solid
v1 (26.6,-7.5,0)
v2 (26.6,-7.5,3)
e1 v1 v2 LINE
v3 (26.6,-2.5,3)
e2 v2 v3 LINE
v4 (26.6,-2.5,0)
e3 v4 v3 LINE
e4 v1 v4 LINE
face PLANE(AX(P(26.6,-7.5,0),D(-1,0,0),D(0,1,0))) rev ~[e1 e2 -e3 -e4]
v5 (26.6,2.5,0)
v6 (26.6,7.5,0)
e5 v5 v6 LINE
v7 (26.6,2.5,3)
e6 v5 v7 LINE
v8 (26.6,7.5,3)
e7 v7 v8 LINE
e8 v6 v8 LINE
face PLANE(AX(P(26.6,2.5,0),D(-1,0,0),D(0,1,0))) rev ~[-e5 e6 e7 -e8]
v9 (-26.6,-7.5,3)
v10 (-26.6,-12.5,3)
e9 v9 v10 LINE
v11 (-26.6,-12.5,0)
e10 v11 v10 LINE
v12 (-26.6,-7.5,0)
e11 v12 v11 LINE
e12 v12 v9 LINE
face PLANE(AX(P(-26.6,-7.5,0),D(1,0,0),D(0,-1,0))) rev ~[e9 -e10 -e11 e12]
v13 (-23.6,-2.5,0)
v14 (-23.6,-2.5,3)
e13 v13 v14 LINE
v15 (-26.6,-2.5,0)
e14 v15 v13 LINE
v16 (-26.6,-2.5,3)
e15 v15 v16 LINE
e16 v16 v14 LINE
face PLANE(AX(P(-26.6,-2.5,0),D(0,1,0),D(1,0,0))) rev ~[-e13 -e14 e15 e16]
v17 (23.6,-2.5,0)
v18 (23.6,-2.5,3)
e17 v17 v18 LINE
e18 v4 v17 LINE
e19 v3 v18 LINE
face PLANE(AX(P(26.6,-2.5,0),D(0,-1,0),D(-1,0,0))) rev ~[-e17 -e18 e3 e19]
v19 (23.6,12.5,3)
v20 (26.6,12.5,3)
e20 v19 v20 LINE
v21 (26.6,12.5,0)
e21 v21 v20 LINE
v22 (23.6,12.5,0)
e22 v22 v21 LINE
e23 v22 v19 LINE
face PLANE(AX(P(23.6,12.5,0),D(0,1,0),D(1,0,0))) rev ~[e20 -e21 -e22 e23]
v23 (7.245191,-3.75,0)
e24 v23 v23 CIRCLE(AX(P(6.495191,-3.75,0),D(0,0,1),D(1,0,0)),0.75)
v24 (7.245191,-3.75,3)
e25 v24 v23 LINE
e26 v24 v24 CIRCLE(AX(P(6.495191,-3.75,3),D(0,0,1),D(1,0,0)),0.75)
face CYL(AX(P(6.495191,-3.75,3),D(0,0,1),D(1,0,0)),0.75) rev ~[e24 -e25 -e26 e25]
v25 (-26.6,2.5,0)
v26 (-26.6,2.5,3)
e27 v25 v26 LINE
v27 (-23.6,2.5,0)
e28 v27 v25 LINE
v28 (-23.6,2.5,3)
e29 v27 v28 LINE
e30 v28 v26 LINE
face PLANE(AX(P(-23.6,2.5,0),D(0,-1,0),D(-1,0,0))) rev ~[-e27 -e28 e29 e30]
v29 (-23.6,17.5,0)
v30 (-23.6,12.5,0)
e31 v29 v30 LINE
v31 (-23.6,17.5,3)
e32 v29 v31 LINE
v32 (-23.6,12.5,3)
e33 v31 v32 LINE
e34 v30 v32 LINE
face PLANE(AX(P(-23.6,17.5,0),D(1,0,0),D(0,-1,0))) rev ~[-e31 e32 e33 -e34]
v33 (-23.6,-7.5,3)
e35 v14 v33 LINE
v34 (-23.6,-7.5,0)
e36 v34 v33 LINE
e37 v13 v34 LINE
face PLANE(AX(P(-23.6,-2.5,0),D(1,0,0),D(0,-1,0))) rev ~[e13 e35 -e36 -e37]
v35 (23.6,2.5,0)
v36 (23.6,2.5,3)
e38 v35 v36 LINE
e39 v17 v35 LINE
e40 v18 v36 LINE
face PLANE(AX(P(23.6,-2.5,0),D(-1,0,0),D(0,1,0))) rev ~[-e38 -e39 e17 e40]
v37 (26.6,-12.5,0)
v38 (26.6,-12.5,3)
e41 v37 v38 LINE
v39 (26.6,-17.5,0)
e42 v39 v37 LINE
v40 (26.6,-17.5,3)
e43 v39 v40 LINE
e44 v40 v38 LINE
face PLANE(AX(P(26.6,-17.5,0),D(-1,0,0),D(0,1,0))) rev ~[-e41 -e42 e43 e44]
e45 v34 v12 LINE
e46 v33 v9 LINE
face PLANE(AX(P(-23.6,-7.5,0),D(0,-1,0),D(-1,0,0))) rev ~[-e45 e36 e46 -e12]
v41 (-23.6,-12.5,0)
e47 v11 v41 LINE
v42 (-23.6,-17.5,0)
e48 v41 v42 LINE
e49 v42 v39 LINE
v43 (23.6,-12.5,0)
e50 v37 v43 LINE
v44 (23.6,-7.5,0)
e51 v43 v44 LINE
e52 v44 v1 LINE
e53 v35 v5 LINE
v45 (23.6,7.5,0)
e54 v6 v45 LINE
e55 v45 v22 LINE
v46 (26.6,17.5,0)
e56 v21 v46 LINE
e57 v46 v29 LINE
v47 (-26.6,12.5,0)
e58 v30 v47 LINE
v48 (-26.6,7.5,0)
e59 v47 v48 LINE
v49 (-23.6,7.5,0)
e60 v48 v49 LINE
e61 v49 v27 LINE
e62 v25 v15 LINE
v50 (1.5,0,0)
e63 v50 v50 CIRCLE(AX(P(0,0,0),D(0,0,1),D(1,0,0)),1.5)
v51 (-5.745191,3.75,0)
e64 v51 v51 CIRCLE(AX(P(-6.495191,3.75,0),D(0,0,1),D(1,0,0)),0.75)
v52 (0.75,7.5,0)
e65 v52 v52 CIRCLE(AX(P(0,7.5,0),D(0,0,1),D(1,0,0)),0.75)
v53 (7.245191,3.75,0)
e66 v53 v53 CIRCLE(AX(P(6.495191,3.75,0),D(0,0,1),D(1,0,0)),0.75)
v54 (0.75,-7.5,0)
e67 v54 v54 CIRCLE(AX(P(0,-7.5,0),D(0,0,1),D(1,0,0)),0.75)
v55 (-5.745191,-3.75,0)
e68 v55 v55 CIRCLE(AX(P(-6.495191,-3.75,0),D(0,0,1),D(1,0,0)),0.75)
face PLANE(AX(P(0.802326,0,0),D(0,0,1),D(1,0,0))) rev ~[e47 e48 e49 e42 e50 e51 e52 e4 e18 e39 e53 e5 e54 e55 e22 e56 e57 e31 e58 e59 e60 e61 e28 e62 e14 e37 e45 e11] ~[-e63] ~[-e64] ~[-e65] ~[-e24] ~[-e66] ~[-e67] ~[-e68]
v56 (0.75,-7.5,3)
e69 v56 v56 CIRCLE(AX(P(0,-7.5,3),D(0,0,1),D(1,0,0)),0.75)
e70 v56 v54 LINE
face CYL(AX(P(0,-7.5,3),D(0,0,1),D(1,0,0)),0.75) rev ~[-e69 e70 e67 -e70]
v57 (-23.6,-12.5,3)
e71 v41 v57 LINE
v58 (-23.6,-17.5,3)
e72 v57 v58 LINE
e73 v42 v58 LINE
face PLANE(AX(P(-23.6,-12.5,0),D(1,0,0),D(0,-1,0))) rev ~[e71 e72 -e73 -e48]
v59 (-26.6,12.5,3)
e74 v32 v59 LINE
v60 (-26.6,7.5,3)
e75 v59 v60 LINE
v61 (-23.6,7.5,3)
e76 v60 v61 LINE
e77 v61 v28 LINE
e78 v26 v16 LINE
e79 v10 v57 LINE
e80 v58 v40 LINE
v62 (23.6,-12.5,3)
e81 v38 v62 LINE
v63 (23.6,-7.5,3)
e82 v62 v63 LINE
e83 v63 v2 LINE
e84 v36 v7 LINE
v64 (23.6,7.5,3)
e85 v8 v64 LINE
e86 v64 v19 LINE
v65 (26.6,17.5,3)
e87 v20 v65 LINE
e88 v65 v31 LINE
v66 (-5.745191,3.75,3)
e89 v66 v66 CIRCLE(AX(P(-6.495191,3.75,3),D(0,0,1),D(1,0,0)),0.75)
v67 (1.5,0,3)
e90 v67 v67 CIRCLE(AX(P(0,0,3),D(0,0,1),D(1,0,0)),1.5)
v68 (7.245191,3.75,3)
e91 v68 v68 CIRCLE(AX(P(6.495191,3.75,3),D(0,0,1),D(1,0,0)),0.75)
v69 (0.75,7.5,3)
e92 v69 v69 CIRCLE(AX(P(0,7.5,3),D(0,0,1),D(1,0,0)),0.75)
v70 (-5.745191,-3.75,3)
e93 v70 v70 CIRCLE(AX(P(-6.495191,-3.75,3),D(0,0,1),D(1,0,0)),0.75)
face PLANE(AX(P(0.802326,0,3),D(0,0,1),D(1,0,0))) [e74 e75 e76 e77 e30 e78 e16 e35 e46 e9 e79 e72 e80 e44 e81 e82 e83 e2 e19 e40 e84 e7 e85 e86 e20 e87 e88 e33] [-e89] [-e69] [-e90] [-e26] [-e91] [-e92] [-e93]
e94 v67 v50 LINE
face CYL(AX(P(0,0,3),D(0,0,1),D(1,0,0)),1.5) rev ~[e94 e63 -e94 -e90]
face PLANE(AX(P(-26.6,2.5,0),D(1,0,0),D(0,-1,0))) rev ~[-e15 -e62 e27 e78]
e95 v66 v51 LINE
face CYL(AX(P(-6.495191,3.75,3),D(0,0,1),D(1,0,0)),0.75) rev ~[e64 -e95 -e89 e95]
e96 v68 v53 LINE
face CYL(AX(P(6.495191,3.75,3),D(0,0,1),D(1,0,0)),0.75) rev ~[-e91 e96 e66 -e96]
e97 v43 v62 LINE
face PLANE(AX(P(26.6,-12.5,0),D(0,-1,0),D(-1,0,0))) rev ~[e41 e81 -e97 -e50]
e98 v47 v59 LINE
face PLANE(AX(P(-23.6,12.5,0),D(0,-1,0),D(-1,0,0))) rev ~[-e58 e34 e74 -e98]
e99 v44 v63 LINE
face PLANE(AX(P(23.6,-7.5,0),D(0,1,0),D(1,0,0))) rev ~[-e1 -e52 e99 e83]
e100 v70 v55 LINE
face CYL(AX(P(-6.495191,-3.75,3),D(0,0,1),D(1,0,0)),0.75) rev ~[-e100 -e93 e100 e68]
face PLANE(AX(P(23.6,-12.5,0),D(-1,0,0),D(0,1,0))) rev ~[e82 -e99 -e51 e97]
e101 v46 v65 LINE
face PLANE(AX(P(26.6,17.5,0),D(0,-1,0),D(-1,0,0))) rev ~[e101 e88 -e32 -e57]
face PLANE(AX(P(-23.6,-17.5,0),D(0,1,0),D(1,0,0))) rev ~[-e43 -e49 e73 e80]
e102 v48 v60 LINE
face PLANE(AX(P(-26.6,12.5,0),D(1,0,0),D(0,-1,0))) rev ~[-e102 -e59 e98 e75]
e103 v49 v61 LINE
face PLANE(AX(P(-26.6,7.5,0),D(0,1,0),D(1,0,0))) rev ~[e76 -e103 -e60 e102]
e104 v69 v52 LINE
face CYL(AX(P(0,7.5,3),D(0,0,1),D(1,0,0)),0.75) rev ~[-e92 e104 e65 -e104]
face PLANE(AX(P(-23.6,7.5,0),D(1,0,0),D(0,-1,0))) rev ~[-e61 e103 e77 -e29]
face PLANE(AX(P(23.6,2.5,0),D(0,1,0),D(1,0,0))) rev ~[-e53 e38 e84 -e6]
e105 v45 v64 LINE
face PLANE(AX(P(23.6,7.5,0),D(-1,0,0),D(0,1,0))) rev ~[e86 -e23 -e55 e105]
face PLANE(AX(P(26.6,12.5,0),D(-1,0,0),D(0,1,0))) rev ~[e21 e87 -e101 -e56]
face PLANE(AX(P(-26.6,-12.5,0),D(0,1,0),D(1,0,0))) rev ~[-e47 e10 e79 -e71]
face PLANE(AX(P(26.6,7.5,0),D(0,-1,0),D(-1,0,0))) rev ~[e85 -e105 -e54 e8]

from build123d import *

# Parameters (mm, degrees)
SALIENTE_EXTRUIR1_DEPTH = 3
CORTAR_EXTRUIR1_REACH   = 33.981
CROQUIS2_R              = 0.75
CROQUIS2_R_2            = 1.5


with BuildPart() as part:
    # Croquis1 → Saliente-Extruir1 (new body)
    with BuildSketch(Plane.XY):
        Polygon((26.6, 2.5), (26.6, 7.5), (23.6, 7.5), (23.6, 12.5), (26.6, 12.5), (26.6, 17.5), (26.581338058, 17.5), (-23.6, 17.5), (-23.6, 12.5), (-26.6, 12.5), (-26.6, 7.5), (-23.6, 7.5), (-23.6, 2.5), (-26.6, 2.5), (-26.6, -2.5), (-23.6, -2.5), (-23.6, -7.5), (-26.6, -7.5), (-26.6, -12.5), (-23.6, -12.5), (-23.6, -17.5), (26.6, -17.5), (26.6, -12.5), (23.6, -12.5), (23.6, -7.5), (26.6, -7.5), (26.6, -2.5), (23.6, -2.5), (23.6, 2.5), align=None)
    extrude(amount=SALIENTE_EXTRUIR1_DEPTH)

    # Croquis2 → Cortar-Extruir1 (cut, up to next)
    with BuildSketch(Plane.XY.offset(3), mode=Mode.PRIVATE) as cortar_extruir1_sk1:
        with Locations((0, 7.5)):
            Circle(CROQUIS2_R)
    cortar_extruir1_tool1 = extrude(cortar_extruir1_sk1.sketch, amount=-CORTAR_EXTRUIR1_REACH, mode=Mode.PRIVATE) & part.part
    # Croquis2 → Cortar-Extruir1 (cut, up to next)
    with BuildSketch(Plane.XY.offset(3), mode=Mode.PRIVATE) as cortar_extruir1_sk2:
        with Locations((6.495190528, 3.75)):
            Circle(CROQUIS2_R)
    cortar_extruir1_tool2 = extrude(cortar_extruir1_sk2.sketch, amount=-CORTAR_EXTRUIR1_REACH, mode=Mode.PRIVATE) & part.part
    # Croquis2 → Cortar-Extruir1 (cut, up to next)
    with BuildSketch(Plane.XY.offset(3), mode=Mode.PRIVATE) as cortar_extruir1_sk3:
        with Locations((6.495190528, -3.75)):
            Circle(CROQUIS2_R)
    cortar_extruir1_tool3 = extrude(cortar_extruir1_sk3.sketch, amount=-CORTAR_EXTRUIR1_REACH, mode=Mode.PRIVATE) & part.part
    # Croquis2 → Cortar-Extruir1 (cut, up to next)
    with BuildSketch(Plane.XY.offset(3), mode=Mode.PRIVATE) as cortar_extruir1_sk4:
        with Locations((0, -7.5)):
            Circle(CROQUIS2_R)
    cortar_extruir1_tool4 = extrude(cortar_extruir1_sk4.sketch, amount=-CORTAR_EXTRUIR1_REACH, mode=Mode.PRIVATE) & part.part
    # Croquis2 → Cortar-Extruir1 (cut, up to next)
    with BuildSketch(Plane.XY.offset(3), mode=Mode.PRIVATE) as cortar_extruir1_sk5:
        with Locations((-6.495190528, -3.75)):
            Circle(CROQUIS2_R)
    cortar_extruir1_tool5 = extrude(cortar_extruir1_sk5.sketch, amount=-CORTAR_EXTRUIR1_REACH, mode=Mode.PRIVATE) & part.part
    # Croquis2 → Cortar-Extruir1 (cut, up to next)
    with BuildSketch(Plane.XY.offset(3), mode=Mode.PRIVATE) as cortar_extruir1_sk6:
        with Locations((-6.495190528, 3.75)):
            Circle(CROQUIS2_R)
    cortar_extruir1_tool6 = extrude(cortar_extruir1_sk6.sketch, amount=-CORTAR_EXTRUIR1_REACH, mode=Mode.PRIVATE) & part.part
    # Croquis2 → Cortar-Extruir1 (cut, up to next)
    with BuildSketch(Plane.XY.offset(3), mode=Mode.PRIVATE) as cortar_extruir1_sk7:
        Circle(CROQUIS2_R_2)
    cortar_extruir1_tool7 = extrude(cortar_extruir1_sk7.sketch, amount=-CORTAR_EXTRUIR1_REACH, mode=Mode.PRIVATE) & part.part
    add(cortar_extruir1_tool1.solids().sort_by_distance((0, 7.5, 3))[0], mode=Mode.SUBTRACT)
    add(cortar_extruir1_tool2.solids().sort_by_distance((6.495191, 3.75, 3))[0], mode=Mode.SUBTRACT)
    add(cortar_extruir1_tool3.solids().sort_by_distance((6.495191, -3.75, 3))[0], mode=Mode.SUBTRACT)
    add(cortar_extruir1_tool4.solids().sort_by_distance((0, -7.5, 3))[0], mode=Mode.SUBTRACT)
    add(cortar_extruir1_tool5.solids().sort_by_distance((-6.495191, -3.75, 3))[0], mode=Mode.SUBTRACT)
    add(cortar_extruir1_tool6.solids().sort_by_distance((-6.495191, 3.75, 3))[0], mode=Mode.SUBTRACT)
    add(cortar_extruir1_tool7.solids().sort_by_distance((0, 0, 3))[0], mode=Mode.SUBTRACT)


solid = part.part
